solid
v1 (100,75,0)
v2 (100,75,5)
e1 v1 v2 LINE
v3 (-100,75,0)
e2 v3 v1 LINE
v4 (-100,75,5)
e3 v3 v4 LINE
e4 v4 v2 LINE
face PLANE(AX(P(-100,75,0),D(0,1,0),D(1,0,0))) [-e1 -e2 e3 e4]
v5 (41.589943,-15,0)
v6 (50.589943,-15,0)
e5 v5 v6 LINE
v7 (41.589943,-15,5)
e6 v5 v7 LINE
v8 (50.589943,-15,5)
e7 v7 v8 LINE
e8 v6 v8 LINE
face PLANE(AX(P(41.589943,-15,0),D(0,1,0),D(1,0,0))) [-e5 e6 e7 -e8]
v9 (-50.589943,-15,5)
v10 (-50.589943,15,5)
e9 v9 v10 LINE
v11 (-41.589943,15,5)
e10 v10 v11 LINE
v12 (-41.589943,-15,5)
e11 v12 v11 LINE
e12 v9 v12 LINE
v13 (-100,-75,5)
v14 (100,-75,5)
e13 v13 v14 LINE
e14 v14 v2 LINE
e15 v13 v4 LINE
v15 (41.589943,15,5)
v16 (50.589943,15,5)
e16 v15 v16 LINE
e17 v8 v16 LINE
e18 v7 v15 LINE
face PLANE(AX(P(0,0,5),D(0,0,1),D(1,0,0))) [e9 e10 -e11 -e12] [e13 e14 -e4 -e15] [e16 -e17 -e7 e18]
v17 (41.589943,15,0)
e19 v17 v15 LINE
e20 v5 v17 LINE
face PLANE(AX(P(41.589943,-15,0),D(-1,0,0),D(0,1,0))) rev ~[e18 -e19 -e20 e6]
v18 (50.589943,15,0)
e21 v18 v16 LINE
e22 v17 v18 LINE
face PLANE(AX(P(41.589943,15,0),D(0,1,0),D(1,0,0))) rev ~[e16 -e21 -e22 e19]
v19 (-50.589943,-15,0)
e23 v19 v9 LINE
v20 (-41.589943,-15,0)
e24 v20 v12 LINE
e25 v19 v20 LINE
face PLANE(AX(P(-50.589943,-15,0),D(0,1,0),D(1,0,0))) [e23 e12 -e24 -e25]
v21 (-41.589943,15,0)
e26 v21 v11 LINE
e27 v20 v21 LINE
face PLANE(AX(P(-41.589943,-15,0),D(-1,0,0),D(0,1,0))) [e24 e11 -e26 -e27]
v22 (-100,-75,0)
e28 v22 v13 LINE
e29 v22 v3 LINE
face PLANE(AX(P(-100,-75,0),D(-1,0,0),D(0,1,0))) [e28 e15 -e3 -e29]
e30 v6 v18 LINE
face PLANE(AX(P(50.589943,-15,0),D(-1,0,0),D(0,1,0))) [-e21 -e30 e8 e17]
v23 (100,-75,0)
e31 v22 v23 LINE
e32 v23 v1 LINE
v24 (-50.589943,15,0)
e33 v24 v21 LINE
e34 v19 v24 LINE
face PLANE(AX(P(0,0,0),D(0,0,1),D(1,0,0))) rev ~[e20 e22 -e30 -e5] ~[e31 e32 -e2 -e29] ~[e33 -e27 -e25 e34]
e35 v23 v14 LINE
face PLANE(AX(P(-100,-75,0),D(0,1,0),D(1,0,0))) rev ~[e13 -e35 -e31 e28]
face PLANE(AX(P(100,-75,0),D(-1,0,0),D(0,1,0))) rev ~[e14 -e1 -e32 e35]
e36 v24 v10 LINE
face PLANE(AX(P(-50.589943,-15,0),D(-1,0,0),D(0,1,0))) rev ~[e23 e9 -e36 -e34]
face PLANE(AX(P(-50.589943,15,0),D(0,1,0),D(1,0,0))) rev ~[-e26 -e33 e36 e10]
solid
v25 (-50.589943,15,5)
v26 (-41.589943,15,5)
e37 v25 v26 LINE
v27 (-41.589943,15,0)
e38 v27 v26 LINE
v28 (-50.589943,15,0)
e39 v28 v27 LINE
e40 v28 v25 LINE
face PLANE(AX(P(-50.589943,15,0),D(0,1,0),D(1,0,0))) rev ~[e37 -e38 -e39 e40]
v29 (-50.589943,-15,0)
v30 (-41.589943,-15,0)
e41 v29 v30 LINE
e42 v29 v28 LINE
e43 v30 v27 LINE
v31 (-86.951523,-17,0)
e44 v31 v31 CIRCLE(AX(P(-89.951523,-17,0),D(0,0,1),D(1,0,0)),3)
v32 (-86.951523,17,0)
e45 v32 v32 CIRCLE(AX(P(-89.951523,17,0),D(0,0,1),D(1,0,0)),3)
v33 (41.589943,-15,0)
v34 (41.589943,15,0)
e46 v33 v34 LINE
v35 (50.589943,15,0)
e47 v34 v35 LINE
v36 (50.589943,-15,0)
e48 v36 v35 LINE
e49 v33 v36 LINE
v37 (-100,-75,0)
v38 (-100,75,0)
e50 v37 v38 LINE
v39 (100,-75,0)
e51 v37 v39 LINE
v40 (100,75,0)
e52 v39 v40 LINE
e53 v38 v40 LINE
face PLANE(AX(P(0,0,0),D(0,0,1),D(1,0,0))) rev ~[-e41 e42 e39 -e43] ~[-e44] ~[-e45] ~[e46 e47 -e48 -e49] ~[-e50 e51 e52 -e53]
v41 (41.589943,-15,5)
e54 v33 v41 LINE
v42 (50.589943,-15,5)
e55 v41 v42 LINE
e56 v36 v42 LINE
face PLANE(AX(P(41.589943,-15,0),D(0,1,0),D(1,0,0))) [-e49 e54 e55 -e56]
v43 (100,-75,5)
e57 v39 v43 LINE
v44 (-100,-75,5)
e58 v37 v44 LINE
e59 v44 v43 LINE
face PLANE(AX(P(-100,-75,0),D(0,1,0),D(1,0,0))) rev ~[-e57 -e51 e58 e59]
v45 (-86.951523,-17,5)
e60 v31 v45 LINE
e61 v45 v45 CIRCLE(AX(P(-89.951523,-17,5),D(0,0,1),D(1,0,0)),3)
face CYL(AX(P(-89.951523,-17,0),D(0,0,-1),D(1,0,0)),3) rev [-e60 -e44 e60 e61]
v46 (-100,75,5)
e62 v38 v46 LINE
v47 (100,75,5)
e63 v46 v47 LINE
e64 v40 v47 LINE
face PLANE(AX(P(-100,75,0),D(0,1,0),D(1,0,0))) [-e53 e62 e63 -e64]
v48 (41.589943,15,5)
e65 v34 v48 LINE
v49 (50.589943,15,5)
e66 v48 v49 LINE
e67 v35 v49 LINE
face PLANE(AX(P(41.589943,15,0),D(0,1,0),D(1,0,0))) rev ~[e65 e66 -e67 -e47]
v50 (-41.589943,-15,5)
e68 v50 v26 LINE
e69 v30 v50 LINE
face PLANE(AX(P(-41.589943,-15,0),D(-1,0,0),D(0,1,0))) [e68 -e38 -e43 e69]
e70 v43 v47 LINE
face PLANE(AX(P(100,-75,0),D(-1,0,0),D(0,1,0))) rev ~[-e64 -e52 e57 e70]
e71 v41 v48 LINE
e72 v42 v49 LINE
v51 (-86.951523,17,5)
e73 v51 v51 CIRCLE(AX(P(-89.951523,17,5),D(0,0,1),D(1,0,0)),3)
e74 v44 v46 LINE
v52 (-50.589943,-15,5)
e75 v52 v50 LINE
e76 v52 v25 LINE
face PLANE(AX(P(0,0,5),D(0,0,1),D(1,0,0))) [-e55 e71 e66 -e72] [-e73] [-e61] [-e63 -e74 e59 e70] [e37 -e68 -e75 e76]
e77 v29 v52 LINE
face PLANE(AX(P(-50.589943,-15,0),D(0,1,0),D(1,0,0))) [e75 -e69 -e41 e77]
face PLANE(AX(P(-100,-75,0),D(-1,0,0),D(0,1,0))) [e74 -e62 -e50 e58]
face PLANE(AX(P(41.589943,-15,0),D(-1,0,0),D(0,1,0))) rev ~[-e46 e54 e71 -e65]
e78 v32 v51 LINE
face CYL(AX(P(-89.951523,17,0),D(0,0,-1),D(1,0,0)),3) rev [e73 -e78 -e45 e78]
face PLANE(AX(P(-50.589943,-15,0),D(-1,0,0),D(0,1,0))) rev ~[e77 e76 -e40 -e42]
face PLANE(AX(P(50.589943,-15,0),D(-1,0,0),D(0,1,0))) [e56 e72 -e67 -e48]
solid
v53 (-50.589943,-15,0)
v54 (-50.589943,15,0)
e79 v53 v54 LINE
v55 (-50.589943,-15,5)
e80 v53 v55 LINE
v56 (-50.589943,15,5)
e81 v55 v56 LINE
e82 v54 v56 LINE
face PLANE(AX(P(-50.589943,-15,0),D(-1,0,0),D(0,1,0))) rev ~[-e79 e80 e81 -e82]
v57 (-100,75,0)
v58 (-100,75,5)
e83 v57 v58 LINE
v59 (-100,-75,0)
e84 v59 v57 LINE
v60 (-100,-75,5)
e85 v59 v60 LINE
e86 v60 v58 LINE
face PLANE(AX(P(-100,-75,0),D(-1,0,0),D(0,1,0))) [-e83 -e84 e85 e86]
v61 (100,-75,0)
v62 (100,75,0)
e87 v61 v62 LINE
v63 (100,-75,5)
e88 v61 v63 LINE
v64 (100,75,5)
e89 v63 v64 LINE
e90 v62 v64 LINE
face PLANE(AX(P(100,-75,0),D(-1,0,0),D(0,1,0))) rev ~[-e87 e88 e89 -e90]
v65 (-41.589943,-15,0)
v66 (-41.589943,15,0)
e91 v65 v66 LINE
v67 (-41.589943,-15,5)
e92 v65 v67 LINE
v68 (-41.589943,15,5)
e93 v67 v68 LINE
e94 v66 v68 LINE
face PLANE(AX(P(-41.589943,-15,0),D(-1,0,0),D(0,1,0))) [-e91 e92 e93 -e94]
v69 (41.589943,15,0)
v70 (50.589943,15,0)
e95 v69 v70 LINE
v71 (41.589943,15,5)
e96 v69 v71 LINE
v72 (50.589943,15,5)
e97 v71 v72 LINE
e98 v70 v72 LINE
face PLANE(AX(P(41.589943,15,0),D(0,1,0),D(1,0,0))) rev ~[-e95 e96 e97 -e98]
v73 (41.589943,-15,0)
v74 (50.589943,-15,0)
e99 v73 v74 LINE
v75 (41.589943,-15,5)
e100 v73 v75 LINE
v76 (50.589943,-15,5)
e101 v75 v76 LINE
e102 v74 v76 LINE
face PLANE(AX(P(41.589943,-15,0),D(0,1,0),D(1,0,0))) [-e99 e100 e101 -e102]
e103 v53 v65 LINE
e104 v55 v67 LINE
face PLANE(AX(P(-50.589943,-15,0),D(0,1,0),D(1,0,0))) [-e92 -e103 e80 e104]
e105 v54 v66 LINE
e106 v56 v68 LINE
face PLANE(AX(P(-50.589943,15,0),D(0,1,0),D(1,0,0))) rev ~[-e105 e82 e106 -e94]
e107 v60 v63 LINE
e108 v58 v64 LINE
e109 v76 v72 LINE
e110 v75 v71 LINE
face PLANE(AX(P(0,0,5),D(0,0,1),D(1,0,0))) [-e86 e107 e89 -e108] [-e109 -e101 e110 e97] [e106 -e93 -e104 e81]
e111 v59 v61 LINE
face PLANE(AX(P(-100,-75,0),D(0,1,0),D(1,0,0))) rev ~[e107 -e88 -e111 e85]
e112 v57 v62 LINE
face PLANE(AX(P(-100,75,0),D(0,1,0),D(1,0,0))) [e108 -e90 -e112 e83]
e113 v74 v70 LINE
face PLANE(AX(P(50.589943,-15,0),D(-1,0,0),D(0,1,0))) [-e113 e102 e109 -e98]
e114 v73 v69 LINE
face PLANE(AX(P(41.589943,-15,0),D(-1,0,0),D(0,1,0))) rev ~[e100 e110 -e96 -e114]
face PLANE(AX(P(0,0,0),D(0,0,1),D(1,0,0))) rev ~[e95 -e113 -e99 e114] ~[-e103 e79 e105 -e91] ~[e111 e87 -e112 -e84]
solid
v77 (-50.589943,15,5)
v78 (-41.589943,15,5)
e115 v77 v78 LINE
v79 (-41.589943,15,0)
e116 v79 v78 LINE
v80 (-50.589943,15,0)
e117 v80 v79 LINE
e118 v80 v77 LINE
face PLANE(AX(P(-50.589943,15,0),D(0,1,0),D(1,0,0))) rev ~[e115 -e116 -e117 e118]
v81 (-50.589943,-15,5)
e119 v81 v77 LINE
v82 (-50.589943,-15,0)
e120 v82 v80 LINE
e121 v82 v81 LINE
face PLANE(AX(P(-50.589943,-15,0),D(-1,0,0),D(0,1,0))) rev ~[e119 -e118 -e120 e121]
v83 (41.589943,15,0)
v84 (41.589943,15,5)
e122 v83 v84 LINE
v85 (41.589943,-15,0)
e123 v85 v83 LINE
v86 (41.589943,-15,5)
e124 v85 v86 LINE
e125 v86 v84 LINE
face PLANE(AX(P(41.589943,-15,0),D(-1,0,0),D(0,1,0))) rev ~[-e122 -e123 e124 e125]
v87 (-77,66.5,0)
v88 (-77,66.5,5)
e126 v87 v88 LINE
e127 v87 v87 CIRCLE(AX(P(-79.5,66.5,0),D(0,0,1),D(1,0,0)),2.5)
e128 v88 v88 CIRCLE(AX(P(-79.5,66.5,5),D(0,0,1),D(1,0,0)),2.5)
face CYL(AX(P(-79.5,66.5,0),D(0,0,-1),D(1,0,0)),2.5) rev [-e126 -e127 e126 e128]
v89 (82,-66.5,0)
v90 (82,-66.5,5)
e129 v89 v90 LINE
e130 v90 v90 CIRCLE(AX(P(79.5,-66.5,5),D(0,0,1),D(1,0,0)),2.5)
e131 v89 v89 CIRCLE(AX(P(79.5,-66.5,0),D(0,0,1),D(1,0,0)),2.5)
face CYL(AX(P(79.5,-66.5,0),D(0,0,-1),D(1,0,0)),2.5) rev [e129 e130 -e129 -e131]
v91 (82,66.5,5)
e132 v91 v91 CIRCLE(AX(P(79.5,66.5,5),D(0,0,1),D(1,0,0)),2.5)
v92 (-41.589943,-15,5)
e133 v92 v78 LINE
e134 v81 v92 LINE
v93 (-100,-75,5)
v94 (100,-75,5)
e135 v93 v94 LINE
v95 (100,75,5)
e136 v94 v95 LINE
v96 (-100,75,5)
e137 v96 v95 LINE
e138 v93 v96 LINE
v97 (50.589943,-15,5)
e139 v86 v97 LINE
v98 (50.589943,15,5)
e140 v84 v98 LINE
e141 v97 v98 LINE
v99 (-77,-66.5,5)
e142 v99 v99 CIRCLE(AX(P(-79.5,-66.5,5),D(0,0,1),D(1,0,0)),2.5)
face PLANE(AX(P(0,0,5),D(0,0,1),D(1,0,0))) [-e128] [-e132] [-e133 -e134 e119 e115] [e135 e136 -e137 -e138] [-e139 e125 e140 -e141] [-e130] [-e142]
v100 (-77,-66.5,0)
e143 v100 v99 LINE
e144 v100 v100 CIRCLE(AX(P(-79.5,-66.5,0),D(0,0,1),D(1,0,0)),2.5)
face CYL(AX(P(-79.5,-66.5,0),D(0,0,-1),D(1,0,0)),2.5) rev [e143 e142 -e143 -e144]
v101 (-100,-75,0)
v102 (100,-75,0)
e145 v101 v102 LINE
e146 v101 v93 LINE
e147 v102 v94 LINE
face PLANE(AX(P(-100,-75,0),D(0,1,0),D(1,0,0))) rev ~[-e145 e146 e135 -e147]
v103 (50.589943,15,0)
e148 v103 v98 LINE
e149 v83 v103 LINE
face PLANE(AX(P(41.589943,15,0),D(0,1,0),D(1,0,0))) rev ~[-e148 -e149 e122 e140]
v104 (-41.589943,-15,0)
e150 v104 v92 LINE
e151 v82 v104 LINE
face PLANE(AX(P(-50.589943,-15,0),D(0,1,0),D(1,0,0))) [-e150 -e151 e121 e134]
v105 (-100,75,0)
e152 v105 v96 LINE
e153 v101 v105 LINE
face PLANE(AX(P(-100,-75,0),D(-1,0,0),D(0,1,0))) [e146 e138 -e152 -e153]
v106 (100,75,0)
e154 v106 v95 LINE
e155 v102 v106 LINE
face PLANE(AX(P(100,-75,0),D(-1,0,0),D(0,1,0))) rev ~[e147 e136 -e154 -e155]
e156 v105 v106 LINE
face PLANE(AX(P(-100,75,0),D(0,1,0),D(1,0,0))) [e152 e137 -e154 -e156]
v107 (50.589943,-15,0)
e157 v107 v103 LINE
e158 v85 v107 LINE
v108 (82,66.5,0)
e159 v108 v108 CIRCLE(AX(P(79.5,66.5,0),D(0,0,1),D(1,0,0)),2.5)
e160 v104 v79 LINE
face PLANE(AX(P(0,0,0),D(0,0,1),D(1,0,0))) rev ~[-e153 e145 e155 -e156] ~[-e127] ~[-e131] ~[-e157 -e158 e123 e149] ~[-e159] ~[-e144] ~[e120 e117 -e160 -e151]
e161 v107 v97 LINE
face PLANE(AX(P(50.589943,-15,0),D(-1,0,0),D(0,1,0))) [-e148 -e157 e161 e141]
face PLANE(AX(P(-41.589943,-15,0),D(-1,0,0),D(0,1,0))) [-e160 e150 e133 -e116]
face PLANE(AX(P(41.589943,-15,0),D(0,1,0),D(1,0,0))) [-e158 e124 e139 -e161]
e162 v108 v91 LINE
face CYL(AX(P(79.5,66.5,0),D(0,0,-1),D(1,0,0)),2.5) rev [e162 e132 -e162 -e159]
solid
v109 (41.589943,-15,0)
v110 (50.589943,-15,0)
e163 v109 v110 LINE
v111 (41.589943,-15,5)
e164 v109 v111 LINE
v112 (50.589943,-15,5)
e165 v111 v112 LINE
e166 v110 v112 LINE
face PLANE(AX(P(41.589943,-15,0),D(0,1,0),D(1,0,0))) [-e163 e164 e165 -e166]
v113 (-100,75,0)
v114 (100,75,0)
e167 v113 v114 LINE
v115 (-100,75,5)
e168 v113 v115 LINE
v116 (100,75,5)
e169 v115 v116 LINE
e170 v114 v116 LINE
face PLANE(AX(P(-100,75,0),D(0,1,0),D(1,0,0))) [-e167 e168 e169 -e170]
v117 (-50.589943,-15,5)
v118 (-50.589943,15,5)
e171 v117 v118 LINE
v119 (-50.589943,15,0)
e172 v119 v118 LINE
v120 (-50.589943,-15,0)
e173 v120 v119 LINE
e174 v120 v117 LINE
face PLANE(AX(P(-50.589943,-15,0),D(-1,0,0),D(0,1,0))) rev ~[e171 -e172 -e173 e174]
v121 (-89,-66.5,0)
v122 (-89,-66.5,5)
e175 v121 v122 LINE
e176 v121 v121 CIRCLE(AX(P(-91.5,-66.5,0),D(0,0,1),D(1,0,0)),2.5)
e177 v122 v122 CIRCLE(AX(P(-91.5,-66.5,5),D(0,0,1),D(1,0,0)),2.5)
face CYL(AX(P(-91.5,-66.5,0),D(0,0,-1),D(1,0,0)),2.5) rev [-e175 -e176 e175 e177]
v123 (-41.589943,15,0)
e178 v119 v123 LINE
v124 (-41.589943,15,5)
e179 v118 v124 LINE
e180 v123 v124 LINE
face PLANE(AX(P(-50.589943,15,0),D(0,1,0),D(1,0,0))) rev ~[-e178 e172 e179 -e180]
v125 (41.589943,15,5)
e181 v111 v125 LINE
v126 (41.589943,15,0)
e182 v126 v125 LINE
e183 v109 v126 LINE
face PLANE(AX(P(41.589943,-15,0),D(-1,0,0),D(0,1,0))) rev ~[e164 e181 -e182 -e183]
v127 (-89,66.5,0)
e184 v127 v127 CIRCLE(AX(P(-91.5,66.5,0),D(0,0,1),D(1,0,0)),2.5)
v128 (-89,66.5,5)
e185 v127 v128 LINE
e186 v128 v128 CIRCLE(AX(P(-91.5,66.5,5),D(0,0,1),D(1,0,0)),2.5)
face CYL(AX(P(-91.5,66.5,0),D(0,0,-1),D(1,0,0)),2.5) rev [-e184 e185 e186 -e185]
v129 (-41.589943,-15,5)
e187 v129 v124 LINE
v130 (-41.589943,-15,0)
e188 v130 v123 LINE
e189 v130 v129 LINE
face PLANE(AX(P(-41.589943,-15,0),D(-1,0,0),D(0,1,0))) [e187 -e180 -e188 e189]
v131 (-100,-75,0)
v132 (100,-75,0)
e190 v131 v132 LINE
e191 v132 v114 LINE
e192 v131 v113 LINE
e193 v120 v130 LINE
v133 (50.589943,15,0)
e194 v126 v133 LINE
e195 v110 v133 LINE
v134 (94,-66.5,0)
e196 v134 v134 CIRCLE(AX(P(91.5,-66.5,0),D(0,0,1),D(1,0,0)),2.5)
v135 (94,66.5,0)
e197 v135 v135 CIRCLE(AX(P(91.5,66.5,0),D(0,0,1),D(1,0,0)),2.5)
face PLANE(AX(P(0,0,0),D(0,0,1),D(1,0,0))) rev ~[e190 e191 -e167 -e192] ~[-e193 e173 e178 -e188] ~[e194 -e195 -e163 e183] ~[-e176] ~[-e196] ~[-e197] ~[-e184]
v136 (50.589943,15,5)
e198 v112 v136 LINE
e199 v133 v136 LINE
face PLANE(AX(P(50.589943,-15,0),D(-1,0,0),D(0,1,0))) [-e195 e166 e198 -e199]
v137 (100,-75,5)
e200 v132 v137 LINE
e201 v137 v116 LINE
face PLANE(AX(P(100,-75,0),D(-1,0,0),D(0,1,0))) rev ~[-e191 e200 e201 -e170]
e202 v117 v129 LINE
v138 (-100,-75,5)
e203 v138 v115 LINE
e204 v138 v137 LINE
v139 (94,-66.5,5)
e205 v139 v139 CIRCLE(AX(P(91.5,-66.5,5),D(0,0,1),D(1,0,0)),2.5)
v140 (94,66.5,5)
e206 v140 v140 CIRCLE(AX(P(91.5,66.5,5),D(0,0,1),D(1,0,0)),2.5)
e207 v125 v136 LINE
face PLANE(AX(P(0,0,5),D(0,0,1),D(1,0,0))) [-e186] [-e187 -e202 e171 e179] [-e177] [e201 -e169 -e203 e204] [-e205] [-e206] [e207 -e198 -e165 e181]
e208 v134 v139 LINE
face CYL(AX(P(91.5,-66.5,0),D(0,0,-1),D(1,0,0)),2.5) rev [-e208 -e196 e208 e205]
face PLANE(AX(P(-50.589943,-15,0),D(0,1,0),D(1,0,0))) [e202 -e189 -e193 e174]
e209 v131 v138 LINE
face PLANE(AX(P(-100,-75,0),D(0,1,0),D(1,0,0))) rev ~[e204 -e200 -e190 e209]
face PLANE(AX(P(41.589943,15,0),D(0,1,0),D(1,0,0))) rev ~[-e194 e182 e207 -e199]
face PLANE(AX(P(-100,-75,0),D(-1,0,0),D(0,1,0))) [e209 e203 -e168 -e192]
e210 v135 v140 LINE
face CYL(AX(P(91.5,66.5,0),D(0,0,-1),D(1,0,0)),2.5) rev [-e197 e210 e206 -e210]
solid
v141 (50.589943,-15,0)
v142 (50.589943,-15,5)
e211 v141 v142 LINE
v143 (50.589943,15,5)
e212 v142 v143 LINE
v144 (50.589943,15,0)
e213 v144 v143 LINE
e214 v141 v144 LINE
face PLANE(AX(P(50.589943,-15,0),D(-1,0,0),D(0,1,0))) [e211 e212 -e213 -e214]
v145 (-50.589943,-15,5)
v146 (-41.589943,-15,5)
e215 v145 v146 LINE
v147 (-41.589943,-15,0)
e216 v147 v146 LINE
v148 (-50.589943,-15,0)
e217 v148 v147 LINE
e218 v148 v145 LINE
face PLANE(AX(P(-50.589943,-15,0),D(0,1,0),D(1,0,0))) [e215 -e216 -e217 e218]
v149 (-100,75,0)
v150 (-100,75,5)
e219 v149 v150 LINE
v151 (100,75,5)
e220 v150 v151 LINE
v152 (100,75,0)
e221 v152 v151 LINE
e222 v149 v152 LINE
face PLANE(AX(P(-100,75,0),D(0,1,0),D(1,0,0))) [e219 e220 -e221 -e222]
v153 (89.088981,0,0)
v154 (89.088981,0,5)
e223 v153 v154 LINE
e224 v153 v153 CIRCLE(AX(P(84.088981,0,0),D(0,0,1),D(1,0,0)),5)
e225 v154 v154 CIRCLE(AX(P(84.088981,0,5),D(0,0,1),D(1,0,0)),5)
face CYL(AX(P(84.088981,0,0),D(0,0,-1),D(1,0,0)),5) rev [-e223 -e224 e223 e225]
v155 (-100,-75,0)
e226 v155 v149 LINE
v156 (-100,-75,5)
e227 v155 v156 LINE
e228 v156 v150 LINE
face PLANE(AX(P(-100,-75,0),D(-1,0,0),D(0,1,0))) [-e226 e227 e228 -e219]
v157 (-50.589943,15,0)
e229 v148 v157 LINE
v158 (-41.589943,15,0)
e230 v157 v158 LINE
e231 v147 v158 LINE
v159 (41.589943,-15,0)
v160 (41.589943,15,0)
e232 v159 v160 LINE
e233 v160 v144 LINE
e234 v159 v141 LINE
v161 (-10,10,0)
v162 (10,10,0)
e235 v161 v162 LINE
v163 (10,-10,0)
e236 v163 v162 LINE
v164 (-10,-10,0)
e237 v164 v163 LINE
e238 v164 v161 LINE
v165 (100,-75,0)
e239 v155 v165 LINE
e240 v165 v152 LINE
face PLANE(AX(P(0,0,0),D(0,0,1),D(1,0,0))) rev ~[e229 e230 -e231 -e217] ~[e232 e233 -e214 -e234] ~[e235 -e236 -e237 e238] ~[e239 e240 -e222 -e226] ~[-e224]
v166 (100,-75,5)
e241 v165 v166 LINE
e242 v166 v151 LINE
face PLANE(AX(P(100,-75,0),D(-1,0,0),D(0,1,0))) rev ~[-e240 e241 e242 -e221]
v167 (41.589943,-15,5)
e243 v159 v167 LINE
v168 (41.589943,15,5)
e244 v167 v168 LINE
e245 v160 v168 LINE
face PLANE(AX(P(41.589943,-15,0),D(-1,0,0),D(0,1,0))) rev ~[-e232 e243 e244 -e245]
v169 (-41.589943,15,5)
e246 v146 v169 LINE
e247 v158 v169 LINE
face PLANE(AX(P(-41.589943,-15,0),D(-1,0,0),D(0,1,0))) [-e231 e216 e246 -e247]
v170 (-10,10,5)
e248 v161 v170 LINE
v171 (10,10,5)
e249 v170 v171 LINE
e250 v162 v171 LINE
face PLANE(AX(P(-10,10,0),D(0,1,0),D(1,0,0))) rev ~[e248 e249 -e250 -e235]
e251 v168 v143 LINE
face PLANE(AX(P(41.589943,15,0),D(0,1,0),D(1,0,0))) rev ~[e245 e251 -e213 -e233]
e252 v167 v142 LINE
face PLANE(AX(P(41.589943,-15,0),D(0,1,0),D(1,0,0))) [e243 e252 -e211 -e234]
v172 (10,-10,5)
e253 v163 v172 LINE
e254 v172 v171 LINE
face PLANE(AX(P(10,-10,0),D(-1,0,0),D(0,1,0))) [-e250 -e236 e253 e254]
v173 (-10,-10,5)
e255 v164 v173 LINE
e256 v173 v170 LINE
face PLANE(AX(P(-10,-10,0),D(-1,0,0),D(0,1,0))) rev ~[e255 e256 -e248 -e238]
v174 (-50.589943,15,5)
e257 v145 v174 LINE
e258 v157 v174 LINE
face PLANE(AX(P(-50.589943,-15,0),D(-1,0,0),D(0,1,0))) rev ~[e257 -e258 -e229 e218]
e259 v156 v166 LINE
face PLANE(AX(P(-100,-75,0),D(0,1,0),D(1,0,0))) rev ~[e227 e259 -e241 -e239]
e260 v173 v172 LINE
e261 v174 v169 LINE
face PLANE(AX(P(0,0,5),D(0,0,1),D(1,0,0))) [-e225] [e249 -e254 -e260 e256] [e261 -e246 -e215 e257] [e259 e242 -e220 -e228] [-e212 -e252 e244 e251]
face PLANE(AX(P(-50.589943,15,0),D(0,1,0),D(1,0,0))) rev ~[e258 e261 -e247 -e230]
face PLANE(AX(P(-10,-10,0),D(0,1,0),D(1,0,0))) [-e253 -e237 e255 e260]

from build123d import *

# Parameters (mm, degrees)
F0_W     = 200
F0_H     = 150
F0_W_2   = 9
F0_H_2   = 30
F6_DEPTH = 5
F1_W     = 200
F1_H     = 150
F1_R     = 2.5
F1_W_2   = 9
F1_H_2   = 30
F2_W     = 200
F2_H     = 150
F2_R     = 2.5
F2_W_2   = 9
F2_H_2   = 30
F5_W     = 200
F5_H     = 150
F5_W_2   = 9
F5_H_2   = 30
F4_W     = 200
F4_H     = 150
F4_W_2   = 9
F4_H_2   = 30
F4_W_3   = 20
F4_H_3   = 20
F4_R     = 5
F3_W     = 200
F3_H     = 150
F3_R     = 3
F3_W_2   = 9
F3_H_2   = 30


with BuildPart() as f6:
    # F0 (on Top) → F6 (new body)
    with BuildSketch(Plane.XY):
        Rectangle(F0_W, F0_H)
        with Locations((-46.0899434984, 0)):
            Rectangle(F0_W_2, F0_H_2, mode=Mode.SUBTRACT)
        with Locations((46.0899434984, 0)):
            Rectangle(F0_W_2, F0_H_2, mode=Mode.SUBTRACT)
    extrude(amount=F6_DEPTH)


with BuildPart() as f6b:
    # F1 (on face) → F6, piece 2 (new body)
    with BuildSketch(Plane.XY):
        Rectangle(F1_W, F1_H)
        with Locations((-91.5, -66.5)):
            Circle(F1_R, mode=Mode.SUBTRACT)
        with Locations((91.5, -66.5)):
            Circle(F1_R, mode=Mode.SUBTRACT)
        with Locations((-46.0899434984, 0)):
            Rectangle(F1_W_2, F1_H_2, mode=Mode.SUBTRACT)
        with Locations((-91.5, 66.5)):
            Circle(F1_R, mode=Mode.SUBTRACT)
        with Locations((46.0899434984, 0)):
            Rectangle(F1_W_2, F1_H_2, mode=Mode.SUBTRACT)
        with Locations((91.5, 66.5)):
            Circle(F1_R, mode=Mode.SUBTRACT)
    extrude(amount=F6_DEPTH)


with BuildPart() as f6c:
    # F2 (on face) → F6, piece 3 (new body)
    with BuildSketch(Plane.XY):
        Rectangle(F2_W, F2_H)
        with Locations((-79.5, -66.5)):
            Circle(F2_R, mode=Mode.SUBTRACT)
        with Locations((79.5, -66.5)):
            Circle(F2_R, mode=Mode.SUBTRACT)
        with Locations((-46.0899434984, 0)):
            Rectangle(F2_W_2, F2_H_2, mode=Mode.SUBTRACT)
        with Locations((-79.5, 66.5)):
            Circle(F2_R, mode=Mode.SUBTRACT)
        with Locations((46.0899434984, 0)):
            Rectangle(F2_W_2, F2_H_2, mode=Mode.SUBTRACT)
        with Locations((79.5, 66.5)):
            Circle(F2_R, mode=Mode.SUBTRACT)
    extrude(amount=F6_DEPTH)


with BuildPart() as f6d:
    # F5 (on face) → F6, piece 4 (new body)
    with BuildSketch(Plane.XY):
        Rectangle(F5_W, F5_H)
        with Locations((-46.0899434984, 0)):
            Rectangle(F5_W_2, F5_H_2, mode=Mode.SUBTRACT)
        with Locations((46.0899434984, 0)):
            Rectangle(F5_W_2, F5_H_2, mode=Mode.SUBTRACT)
    extrude(amount=F6_DEPTH)


with BuildPart() as f6e:
    # F4 (on face) → F6, piece 5 (new body)
    with BuildSketch(Plane.XY):
        Rectangle(F4_W, F4_H)
        with Locations((-46.0899434984, 0)):
            Rectangle(F4_W_2, F4_H_2, mode=Mode.SUBTRACT)
        Rectangle(F4_W_3, F4_H_3, mode=Mode.SUBTRACT)
        with Locations((46.0899434984, 0)):
            Rectangle(F4_W_2, F4_H_2, mode=Mode.SUBTRACT)
        with Locations((84.0889811516, 0)):
            Circle(F4_R, mode=Mode.SUBTRACT)
    extrude(amount=F6_DEPTH)


with BuildPart() as f6f:
    # F3 (on face) → F6, piece 6 (new body)
    with BuildSketch(Plane.XY):
        Rectangle(F3_W, F3_H)
        with Locations((-89.9515226483, -17)):
            Circle(F3_R, mode=Mode.SUBTRACT)
        with Locations((-89.9515226483, 17)):
            Circle(F3_R, mode=Mode.SUBTRACT)
        with Locations((-46.0899434984, 0)):
            Rectangle(F3_W_2, F3_H_2, mode=Mode.SUBTRACT)
        with Locations((46.0899434984, 0)):
            Rectangle(F3_W_2, F3_H_2, mode=Mode.SUBTRACT)
    extrude(amount=F6_DEPTH)


solid = Compound([f6.part, f6b.part, f6c.part, f6d.part, f6e.part, f6f.part])
